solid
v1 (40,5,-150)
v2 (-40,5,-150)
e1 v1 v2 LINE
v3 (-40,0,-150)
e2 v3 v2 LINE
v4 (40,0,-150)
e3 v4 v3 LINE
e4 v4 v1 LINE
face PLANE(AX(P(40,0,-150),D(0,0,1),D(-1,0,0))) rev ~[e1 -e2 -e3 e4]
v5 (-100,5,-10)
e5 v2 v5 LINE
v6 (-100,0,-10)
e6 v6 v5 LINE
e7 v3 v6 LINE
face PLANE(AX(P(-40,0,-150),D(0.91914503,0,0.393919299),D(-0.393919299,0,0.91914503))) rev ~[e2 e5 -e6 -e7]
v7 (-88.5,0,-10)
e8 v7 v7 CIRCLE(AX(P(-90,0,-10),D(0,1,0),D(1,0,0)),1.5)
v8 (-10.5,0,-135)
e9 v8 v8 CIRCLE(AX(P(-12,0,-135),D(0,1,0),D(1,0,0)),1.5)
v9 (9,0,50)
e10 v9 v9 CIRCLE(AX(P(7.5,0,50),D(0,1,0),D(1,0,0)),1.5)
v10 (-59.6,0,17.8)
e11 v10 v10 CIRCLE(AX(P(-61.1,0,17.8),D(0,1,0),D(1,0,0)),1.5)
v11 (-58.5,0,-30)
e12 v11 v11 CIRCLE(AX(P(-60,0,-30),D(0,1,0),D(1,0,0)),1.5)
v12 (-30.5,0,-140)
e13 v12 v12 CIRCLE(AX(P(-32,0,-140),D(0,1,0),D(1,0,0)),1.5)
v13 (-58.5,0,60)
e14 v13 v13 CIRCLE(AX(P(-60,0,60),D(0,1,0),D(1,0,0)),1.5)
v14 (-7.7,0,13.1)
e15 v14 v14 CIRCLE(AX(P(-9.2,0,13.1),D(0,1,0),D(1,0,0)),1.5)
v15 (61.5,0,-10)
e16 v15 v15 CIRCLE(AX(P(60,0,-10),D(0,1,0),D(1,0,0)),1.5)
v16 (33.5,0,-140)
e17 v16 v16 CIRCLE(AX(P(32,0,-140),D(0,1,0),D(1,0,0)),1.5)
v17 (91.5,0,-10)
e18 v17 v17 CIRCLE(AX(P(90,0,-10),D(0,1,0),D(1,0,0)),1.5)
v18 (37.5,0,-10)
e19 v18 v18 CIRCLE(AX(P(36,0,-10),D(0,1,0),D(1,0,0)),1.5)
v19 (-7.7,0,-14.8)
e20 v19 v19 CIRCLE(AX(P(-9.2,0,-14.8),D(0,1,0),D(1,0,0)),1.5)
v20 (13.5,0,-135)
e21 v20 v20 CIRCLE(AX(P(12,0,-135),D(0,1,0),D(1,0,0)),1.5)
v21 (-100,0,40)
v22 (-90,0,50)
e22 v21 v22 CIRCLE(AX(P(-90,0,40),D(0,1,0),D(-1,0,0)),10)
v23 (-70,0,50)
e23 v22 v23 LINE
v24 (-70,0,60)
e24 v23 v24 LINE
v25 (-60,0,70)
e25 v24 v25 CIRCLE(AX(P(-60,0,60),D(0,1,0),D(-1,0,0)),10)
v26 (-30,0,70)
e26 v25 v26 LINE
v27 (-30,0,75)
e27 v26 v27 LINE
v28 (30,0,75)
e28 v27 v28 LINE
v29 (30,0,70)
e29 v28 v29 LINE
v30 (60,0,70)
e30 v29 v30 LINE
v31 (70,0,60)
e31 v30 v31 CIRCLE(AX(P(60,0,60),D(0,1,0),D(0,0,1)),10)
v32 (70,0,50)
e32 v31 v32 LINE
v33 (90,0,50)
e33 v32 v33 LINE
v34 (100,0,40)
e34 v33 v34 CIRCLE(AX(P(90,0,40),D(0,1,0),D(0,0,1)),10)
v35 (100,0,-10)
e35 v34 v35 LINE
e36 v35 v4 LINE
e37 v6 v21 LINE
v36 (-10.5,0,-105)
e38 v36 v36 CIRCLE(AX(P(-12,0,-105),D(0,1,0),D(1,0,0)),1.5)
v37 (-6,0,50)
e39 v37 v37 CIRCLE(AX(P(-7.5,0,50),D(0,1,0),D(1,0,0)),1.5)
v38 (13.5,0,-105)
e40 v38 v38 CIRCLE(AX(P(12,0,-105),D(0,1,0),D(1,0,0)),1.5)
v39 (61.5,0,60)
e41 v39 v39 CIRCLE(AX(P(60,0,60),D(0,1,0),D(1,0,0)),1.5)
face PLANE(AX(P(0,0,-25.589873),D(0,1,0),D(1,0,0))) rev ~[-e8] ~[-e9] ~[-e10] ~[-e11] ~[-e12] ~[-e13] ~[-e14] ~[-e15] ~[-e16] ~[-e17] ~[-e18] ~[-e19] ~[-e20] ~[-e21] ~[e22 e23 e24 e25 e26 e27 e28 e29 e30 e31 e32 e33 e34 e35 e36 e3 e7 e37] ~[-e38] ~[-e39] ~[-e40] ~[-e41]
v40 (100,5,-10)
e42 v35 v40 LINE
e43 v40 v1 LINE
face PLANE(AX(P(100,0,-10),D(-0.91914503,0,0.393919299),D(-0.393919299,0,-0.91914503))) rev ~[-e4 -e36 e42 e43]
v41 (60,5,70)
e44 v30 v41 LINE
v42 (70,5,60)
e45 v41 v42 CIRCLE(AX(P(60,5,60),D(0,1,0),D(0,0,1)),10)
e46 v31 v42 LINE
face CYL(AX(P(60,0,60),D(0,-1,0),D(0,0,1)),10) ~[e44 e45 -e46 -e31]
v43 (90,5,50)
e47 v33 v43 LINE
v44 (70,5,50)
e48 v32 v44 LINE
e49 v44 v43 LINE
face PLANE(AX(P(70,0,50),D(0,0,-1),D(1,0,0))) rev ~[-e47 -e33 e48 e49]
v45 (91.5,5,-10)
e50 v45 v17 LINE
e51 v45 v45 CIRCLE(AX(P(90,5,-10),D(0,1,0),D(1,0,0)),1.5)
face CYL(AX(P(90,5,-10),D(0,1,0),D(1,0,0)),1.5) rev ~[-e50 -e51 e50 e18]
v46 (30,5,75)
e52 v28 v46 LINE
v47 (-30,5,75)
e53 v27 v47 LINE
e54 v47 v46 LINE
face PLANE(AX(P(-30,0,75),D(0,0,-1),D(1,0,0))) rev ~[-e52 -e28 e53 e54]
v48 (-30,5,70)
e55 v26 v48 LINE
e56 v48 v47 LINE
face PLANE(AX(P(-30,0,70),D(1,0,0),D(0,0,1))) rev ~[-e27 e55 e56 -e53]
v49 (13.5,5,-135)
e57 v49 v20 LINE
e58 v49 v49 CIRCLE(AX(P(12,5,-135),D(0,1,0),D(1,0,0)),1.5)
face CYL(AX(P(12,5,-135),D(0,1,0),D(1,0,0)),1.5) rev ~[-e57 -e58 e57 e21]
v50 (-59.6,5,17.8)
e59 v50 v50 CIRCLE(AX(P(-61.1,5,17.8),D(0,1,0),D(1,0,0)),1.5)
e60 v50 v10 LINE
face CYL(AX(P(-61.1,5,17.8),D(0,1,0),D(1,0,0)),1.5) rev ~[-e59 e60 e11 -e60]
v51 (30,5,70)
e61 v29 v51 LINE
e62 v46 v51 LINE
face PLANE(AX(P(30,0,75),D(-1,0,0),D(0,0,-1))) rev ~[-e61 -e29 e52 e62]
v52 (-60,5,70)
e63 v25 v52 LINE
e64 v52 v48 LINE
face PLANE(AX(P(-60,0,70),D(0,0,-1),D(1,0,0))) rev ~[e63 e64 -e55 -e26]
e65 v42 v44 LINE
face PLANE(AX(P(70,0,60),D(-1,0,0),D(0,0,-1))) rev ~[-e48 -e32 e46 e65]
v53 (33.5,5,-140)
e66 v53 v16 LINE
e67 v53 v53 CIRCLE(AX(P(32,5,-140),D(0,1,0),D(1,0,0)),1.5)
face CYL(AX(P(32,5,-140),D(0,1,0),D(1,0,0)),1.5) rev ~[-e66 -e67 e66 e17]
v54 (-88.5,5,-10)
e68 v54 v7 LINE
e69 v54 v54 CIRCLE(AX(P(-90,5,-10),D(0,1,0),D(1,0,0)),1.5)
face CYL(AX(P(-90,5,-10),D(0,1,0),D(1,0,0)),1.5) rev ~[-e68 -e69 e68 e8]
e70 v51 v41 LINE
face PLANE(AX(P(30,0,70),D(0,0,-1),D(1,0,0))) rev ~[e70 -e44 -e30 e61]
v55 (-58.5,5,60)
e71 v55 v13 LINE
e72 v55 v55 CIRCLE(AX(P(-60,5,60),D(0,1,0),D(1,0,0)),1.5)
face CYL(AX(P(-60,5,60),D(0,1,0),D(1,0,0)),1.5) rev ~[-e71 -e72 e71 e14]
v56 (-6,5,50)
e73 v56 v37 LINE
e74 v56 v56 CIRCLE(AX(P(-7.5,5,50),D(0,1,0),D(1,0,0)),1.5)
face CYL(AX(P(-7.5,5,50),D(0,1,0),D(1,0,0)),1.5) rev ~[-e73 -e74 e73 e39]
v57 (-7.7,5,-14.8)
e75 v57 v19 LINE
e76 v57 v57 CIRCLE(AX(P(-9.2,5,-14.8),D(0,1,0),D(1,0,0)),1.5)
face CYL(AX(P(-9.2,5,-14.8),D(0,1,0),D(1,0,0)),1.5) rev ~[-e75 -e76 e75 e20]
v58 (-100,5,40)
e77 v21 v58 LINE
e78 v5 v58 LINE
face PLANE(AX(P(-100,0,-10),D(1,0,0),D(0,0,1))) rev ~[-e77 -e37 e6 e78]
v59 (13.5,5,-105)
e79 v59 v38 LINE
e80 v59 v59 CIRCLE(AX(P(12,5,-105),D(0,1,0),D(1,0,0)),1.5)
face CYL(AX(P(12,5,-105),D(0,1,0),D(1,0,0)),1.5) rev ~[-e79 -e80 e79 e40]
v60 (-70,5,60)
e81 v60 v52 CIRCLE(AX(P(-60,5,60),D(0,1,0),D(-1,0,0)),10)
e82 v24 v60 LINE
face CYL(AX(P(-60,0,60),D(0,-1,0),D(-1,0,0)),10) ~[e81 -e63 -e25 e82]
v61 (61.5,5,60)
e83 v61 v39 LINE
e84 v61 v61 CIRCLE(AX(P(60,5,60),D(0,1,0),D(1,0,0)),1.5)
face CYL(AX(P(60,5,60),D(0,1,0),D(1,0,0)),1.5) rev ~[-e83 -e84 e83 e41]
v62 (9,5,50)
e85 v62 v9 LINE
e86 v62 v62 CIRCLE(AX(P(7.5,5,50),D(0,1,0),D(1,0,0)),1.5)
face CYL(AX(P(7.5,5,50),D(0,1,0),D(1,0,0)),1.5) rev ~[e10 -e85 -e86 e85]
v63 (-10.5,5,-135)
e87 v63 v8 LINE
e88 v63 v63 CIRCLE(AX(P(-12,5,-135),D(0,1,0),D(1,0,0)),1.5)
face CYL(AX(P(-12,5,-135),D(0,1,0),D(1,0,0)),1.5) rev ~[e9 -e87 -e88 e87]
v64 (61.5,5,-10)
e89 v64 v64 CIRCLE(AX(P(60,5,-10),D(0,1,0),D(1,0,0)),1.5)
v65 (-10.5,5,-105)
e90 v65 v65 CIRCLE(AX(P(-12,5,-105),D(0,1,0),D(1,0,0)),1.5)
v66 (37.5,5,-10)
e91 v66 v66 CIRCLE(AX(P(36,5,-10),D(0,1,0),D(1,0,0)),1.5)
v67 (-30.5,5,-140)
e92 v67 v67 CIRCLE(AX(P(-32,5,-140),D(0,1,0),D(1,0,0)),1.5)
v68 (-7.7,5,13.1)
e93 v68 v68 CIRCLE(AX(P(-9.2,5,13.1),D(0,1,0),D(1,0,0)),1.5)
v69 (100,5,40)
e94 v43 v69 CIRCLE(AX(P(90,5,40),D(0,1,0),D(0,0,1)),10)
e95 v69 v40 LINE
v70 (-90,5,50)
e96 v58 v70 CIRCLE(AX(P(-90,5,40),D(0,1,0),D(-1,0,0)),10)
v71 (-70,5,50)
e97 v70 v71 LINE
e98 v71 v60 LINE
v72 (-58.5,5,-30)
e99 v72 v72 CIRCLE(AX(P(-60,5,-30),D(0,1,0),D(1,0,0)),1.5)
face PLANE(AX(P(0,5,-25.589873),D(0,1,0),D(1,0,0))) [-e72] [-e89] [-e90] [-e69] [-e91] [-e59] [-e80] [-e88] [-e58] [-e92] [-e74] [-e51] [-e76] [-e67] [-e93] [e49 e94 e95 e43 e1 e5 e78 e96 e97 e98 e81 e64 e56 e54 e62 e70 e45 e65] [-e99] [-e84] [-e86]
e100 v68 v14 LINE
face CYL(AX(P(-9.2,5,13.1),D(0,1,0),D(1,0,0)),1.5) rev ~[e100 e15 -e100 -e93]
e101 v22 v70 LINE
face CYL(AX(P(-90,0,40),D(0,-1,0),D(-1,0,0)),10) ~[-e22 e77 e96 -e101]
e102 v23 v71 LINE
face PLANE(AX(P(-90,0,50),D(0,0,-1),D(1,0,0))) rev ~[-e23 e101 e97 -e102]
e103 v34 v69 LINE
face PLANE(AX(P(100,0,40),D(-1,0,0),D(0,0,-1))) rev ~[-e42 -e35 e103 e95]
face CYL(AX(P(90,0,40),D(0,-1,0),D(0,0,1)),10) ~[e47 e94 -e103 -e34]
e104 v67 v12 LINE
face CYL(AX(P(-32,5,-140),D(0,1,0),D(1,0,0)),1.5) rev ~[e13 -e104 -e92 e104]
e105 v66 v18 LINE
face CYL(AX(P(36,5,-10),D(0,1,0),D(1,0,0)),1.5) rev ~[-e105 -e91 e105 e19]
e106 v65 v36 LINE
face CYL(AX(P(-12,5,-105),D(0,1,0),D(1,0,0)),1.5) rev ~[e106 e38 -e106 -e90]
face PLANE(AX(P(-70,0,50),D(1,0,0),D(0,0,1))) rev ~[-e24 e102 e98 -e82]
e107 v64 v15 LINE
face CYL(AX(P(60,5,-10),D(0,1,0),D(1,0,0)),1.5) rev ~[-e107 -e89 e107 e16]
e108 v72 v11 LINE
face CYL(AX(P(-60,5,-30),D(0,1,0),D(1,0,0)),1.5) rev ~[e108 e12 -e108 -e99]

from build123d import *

# Parameters (mm, degrees)
BOSS_EXTRUDE1_DEPTH = 5
SKETCH3_R           = 1.5
CUT_EXTRUDE2_DEPTH  = 6
SKETCH6_R           = 1.5
CUT_EXTRUDE4_DEPTH  = 6
SKETCH8_R           = 1.5
CUT_EXTRUDE5_DEPTH  = 10
SKETCH9_R           = 1.5
CUT_EXTRUDE6_DEPTH  = 10


with BuildPart() as part:
    # Sketch1 → Boss-Extrude1 (new body)
    with BuildSketch(Plane(origin=(0, 0, 0), x_dir=(1, 0, 0), z_dir=(0, 1, 0))):
        with BuildLine():
            Line((100, -40), (100, 10))
            Line((100, 10), (40, 150))
            Line((40, 150), (-40, 150))
            Line((-40, 150), (-100, 10))
            Line((-100, 10), (-100, -40))
            ThreePointArc((-100, -40), (-97.071067812, -47.071067812), (-90, -50))
            Line((-90, -50), (-70, -50))
            Line((-70, -50), (-70, -60))
            ThreePointArc((-70, -60), (-67.071067812, -67.071067812), (-60, -70))
            Line((-60, -70), (-30, -70))
            Line((-30, -70), (-30, -75))
            Line((-30, -75), (30, -75))
            Line((30, -75), (30, -70))
            Line((30, -70), (60, -70))
            ThreePointArc((60, -70), (67.071067812, -67.071067812), (70, -60))
            Line((70, -60), (70, -50))
            Line((70, -50), (90, -50))
            ThreePointArc((90, -50), (97.071067812, -47.071067812), (100, -40))
        make_face()
    extrude(amount=BOSS_EXTRUDE1_DEPTH)

    # Sketch3 → Cut-Extrude2 (cut, through all)
    with BuildSketch(Plane(origin=(0, 5, 0), x_dir=(1, 0, 0), z_dir=(0, 1, 0))):
        with Locations((-61.1, -17.8)):
            Circle(SKETCH3_R)
        with Locations((-9.2, -13.1)):
            Circle(SKETCH3_R)
        with Locations((-9.2, 14.8)):
            Circle(SKETCH3_R)
        with Locations((-60, 30)):
            Circle(SKETCH3_R)
    extrude(amount=-CUT_EXTRUDE2_DEPTH, mode=Mode.SUBTRACT)

    # Sketch6 → Cut-Extrude4 (cut, through all)
    with BuildSketch(Plane(origin=(0, 5, 0), x_dir=(1, 0, 0), z_dir=(0, 1, 0))):
        with Locations((12, 135)):
            Circle(SKETCH6_R)
        with Locations((-12, 135)):
            Circle(SKETCH6_R)
        with Locations((12, 105)):
            Circle(SKETCH6_R)
        with Locations((-12, 105)):
            Circle(SKETCH6_R)
    extrude(amount=-CUT_EXTRUDE4_DEPTH, mode=Mode.SUBTRACT)

    # Sketch8 → Cut-Extrude5 (cut)
    with BuildSketch(Plane(origin=(0, 5, 0), x_dir=(1, 0, 0), z_dir=(0, 1, 0))):
        with Locations((-90, 10)):
            Circle(SKETCH8_R)
        with Locations((-32, 140)):
            Circle(SKETCH8_R)
        with Locations((90, 10)):
            Circle(SKETCH8_R)
        with Locations((32, 140)):
            Circle(SKETCH8_R)
        with Locations((-60, -60)):
            Circle(SKETCH8_R)
        with Locations((60, -60)):
            Circle(SKETCH8_R)
        with Locations((-7.5, -50)):
            Circle(SKETCH8_R)
        with Locations((7.5, -50)):
            Circle(SKETCH8_R)
    extrude(amount=-CUT_EXTRUDE5_DEPTH, mode=Mode.SUBTRACT)

    # Sketch9 → Cut-Extrude6 (cut)
    with BuildSketch(Plane(origin=(0, 5, 0), x_dir=(1, 0, 0), z_dir=(0, 1, 0))):
        with Locations((60, 10)):
            Circle(SKETCH9_R)
        with Locations((36, 10)):
            Circle(SKETCH9_R)
    extrude(amount=-CUT_EXTRUDE6_DEPTH, mode=Mode.SUBTRACT)


solid = part.part
